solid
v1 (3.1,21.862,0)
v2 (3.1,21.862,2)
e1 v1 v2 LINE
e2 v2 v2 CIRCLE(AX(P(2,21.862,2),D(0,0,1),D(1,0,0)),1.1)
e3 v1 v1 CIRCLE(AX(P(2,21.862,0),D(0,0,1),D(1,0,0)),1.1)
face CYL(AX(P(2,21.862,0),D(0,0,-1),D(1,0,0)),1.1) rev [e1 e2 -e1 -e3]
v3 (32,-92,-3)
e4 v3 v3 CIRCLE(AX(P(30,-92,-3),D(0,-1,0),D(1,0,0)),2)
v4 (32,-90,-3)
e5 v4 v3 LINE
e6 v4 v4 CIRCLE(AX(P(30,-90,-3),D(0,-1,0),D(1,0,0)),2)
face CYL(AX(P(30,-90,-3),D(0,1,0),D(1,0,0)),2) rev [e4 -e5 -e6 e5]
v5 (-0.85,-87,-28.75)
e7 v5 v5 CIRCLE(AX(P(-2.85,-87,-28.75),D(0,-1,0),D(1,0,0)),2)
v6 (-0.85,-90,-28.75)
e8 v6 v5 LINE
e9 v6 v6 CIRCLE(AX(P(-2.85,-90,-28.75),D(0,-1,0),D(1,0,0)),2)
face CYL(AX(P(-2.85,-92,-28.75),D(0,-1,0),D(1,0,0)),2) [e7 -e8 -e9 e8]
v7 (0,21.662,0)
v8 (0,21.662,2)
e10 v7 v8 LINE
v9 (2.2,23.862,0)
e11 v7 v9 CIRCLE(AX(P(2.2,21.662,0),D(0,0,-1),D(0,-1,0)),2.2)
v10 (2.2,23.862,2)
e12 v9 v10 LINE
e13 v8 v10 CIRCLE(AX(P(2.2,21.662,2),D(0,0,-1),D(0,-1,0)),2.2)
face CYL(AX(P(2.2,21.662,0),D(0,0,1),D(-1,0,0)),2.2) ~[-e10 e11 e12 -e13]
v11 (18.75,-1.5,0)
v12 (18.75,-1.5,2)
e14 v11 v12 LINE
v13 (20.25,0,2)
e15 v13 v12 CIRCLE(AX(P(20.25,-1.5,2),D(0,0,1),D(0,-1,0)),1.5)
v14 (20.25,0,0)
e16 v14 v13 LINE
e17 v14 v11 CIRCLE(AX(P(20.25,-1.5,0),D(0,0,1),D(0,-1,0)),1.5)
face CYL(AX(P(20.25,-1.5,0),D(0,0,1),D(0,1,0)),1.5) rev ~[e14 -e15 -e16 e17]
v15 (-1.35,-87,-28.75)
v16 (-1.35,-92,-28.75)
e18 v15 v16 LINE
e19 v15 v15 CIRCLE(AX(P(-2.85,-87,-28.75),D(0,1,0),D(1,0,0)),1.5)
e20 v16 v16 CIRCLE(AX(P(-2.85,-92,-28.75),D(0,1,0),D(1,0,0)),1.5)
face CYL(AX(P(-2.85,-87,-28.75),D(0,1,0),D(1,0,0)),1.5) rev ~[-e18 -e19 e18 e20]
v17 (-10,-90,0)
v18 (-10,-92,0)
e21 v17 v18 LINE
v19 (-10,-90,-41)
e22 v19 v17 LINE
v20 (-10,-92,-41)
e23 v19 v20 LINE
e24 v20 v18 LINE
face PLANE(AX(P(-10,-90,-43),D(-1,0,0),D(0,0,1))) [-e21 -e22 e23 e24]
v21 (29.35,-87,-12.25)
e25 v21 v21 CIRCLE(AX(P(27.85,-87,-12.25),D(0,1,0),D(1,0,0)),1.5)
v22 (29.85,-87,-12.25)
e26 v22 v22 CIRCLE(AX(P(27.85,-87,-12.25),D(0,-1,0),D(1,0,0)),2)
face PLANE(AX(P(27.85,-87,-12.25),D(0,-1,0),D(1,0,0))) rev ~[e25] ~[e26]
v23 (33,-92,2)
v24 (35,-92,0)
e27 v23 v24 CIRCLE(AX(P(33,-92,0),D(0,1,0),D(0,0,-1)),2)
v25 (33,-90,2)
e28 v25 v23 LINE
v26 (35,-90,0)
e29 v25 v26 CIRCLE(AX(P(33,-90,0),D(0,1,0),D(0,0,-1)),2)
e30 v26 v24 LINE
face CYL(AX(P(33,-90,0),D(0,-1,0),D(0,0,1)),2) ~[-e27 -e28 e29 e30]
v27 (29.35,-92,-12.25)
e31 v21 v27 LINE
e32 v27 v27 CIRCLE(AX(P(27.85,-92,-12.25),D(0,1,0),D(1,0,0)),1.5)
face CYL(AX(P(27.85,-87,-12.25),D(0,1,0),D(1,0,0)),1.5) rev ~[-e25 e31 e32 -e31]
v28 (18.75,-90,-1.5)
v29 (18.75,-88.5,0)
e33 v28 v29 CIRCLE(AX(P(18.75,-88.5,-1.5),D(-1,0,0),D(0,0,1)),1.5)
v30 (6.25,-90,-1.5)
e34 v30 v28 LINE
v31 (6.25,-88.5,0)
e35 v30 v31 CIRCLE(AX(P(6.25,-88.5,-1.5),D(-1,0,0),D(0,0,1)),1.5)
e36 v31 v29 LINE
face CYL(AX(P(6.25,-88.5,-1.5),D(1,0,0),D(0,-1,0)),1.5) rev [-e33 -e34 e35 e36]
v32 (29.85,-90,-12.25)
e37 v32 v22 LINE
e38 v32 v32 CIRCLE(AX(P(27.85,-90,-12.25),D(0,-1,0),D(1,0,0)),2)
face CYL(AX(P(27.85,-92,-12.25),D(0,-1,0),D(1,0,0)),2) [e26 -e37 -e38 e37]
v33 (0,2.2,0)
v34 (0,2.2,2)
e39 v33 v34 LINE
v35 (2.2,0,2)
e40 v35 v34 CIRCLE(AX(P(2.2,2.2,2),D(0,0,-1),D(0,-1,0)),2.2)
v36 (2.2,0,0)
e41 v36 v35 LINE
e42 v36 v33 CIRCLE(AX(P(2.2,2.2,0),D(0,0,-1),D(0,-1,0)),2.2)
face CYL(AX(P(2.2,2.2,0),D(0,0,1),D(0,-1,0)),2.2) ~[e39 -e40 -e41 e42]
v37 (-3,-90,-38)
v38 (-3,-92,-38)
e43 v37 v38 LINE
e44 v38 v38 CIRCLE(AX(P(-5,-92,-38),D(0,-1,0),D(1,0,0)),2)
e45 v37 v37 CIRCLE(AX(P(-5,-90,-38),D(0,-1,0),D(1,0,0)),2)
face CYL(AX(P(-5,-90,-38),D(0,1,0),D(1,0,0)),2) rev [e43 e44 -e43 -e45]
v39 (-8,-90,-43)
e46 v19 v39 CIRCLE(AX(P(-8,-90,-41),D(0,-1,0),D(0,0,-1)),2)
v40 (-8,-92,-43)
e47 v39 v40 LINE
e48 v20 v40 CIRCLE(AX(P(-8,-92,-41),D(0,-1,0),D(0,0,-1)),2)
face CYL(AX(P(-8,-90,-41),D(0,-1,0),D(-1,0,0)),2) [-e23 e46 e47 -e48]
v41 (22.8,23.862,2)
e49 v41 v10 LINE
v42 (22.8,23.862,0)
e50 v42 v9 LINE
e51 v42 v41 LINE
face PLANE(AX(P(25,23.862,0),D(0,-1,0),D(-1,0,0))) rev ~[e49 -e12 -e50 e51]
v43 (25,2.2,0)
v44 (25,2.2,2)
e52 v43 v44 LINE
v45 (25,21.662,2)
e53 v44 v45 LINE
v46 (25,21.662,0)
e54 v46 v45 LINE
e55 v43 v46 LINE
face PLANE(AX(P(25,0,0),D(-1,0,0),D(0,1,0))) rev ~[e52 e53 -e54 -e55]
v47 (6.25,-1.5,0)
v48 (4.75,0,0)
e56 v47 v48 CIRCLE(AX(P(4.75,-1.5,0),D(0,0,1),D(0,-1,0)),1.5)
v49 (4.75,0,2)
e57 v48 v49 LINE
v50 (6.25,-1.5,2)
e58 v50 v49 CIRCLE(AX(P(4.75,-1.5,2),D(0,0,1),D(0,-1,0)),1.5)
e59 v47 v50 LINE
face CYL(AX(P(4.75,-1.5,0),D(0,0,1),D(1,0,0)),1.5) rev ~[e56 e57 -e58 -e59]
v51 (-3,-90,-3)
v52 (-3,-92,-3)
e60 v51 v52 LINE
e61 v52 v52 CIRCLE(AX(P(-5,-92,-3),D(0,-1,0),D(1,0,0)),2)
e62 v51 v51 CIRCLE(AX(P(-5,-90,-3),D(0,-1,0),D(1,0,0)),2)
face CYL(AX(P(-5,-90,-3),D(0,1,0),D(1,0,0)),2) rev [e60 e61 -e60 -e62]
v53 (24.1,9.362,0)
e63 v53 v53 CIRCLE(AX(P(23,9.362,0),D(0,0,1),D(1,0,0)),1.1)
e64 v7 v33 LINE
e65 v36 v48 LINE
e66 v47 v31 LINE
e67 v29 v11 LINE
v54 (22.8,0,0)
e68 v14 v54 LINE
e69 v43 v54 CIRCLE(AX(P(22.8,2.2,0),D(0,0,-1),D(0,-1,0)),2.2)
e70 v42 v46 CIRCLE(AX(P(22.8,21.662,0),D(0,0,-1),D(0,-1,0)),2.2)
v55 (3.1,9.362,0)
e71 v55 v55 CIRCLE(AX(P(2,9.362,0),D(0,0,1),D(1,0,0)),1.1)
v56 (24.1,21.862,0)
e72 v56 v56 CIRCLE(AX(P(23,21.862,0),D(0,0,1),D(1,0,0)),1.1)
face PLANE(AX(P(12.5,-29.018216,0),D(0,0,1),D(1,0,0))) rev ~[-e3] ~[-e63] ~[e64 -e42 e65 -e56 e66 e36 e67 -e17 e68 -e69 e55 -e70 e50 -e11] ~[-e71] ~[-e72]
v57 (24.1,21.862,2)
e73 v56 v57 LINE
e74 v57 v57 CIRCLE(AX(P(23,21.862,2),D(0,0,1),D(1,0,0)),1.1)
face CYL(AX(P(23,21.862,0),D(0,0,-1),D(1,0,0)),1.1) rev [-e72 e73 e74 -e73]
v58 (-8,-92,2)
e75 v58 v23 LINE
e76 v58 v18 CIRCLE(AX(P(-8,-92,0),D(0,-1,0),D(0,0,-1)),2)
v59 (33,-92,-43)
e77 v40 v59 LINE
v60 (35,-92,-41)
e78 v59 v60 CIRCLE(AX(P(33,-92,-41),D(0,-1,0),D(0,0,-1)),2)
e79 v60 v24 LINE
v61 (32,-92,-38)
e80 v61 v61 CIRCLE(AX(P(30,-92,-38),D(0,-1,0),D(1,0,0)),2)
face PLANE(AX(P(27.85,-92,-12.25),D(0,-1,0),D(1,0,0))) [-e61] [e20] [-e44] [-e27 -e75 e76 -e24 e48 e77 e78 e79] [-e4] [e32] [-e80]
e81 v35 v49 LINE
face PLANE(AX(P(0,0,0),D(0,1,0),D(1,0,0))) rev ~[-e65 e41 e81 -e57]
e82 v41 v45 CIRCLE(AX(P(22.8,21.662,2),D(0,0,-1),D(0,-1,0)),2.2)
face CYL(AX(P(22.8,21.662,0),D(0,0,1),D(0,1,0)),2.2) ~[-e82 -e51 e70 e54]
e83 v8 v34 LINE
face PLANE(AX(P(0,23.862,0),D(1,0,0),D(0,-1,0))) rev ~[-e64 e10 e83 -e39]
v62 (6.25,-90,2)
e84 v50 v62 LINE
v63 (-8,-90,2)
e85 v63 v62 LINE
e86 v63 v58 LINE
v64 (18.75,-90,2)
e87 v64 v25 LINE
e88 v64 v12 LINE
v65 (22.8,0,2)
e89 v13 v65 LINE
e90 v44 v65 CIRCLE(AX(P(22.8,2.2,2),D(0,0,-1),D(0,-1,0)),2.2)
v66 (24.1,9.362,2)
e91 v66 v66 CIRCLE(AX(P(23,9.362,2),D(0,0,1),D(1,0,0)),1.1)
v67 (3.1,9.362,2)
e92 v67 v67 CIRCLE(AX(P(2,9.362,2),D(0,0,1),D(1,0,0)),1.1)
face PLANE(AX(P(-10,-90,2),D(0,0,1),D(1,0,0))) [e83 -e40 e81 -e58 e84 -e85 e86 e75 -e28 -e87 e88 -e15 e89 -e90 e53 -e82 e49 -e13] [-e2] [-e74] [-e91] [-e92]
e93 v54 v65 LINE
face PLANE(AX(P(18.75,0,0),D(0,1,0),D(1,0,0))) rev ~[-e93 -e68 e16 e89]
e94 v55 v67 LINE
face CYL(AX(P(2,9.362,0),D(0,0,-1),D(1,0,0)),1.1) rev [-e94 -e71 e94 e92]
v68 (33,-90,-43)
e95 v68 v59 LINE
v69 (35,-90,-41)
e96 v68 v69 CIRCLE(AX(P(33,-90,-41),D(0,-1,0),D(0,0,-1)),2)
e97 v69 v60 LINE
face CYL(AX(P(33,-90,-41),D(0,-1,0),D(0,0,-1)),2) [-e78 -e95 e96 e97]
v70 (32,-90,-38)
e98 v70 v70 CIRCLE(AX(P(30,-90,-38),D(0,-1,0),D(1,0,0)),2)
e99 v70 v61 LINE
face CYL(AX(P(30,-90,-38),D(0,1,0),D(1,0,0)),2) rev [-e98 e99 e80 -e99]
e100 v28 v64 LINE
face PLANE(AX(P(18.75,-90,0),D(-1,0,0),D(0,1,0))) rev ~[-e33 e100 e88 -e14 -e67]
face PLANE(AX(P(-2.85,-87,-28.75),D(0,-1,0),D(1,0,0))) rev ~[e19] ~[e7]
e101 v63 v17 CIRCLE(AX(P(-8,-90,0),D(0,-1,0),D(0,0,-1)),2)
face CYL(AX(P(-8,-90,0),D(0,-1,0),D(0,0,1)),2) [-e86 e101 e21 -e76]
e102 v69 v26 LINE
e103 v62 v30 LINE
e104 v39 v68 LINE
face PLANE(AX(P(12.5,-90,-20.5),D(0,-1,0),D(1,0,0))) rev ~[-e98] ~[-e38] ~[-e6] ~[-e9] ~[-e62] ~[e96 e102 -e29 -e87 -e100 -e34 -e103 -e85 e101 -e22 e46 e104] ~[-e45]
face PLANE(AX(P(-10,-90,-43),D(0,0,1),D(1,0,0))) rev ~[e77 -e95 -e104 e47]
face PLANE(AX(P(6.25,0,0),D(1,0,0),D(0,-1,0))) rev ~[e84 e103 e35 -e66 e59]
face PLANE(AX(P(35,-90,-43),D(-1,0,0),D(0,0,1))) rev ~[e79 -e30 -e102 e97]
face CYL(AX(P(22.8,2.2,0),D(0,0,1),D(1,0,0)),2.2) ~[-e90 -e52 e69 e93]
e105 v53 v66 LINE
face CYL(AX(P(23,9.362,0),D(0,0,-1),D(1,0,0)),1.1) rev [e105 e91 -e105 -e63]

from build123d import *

# Parameters (mm, degrees)
SKETCH1_R           = 1.1
BOSS_EXTRUDE1_DEPTH = 2
FILLET1_R           = 2.2
FILLET2_R           = 2.2
FILLET3_R           = 2.2
FILLET5_R           = 2.2
FILLET6_R           = 1.5
FILLET7_R           = 1.5
SKETCH5_W           = 45
SKETCH5_H           = 45
SKETCH5_R           = 2
BOSS_EXTRUDE4_DEPTH = 2
FILLET17_R          = 2
FILLET18_R          = 2
FILLET19_R          = 2
FILLET20_R          = 2
FILLET21_R          = 1.5
SKETCH7_R           = 2
BOSS_EXTRUDE8_DEPTH = 5
SKETCH10_R          = 1.5
CUT_EXTRUDE4_DEPTH  = 6


with BuildPart() as part:
    # Sketch1 → Boss-Extrude1 (new body)
    with BuildSketch(Plane.XY):
        Polygon((6.25, 0), (6.25, -90), (18.75, -90), (18.75, 0), (25, 0), (25, 23.862), (0, 23.862), (0, 0), align=None)
        with Locations((2, 21.862)):
            Circle(SKETCH1_R, mode=Mode.SUBTRACT)
        with Locations((23, 21.862)):
            Circle(SKETCH1_R, mode=Mode.SUBTRACT)
        with Locations((2, 9.362)):
            Circle(SKETCH1_R, mode=Mode.SUBTRACT)
        with Locations((23, 9.362)):
            Circle(SKETCH1_R, mode=Mode.SUBTRACT)
    extrude(amount=BOSS_EXTRUDE1_DEPTH)

    # Fillet1
    fillet1_edges = [part.edges().sort_by_distance(p)[0] for p in [
        (0, 0, 1),
    ]]
    fillet(fillet1_edges, radius=FILLET1_R)

    # Fillet2
    fillet2_edges = [part.edges().sort_by_distance(p)[0] for p in [
        (0, 23.862, 1),
    ]]
    fillet(fillet2_edges, radius=FILLET2_R)

    # Fillet3
    fillet3_edges = [part.edges().sort_by_distance(p)[0] for p in [
        (25, 23.862, 1),
    ]]
    fillet(fillet3_edges, radius=FILLET3_R)

    # Fillet5
    fillet5_edges = [part.edges().sort_by_distance(p)[0] for p in [
        (25, 0, 1),
    ]]
    fillet(fillet5_edges, radius=FILLET5_R)

    # Fillet6
    fillet6_edges = [part.edges().sort_by_distance(p)[0] for p in [
        (18.75, 0, 1),
    ]]
    fillet(fillet6_edges, radius=FILLET6_R)

    # Fillet7
    fillet7_edges = [part.edges().sort_by_distance(p)[0] for p in [
        (6.25, 0, 1),
    ]]
    fillet(fillet7_edges, radius=FILLET7_R)

    # Sketch5 → Boss-Extrude4 (add)
    with BuildSketch(Plane.XZ.offset(90)):
        with Locations((12.5, -20.5)):
            Rectangle(SKETCH5_W, SKETCH5_H)
        with Locations((-5, -3)):
            Circle(SKETCH5_R, mode=Mode.SUBTRACT)
        with Locations((-5, -38)):
            Circle(SKETCH5_R, mode=Mode.SUBTRACT)
        with Locations((30, -3)):
            Circle(SKETCH5_R, mode=Mode.SUBTRACT)
        with Locations((30, -38)):
            Circle(SKETCH5_R, mode=Mode.SUBTRACT)
    extrude(amount=BOSS_EXTRUDE4_DEPTH)

    # Fillet17
    fillet17_edges = [part.edges().sort_by_distance(p)[0] for p in [
        (35, -91, 2),
    ]]
    fillet(fillet17_edges, radius=FILLET17_R)

    # Fillet18
    fillet18_edges = [part.edges().sort_by_distance(p)[0] for p in [
        (-10, -91, 2),
    ]]
    fillet(fillet18_edges, radius=FILLET18_R)

    # Fillet19
    fillet19_edges = [part.edges().sort_by_distance(p)[0] for p in [
        (-10, -91, -43),
    ]]
    fillet(fillet19_edges, radius=FILLET19_R)

    # Fillet20
    fillet20_edges = [part.edges().sort_by_distance(p)[0] for p in [
        (35, -91, -43),
    ]]
    fillet(fillet20_edges, radius=FILLET20_R)

    # Fillet21
    fillet21_edges = [part.edges().sort_by_distance(p)[0] for p in [
        (12.5, -90, 0),
    ]]
    fillet(fillet21_edges, radius=FILLET21_R)

    # Sketch7 → Boss-Extrude8 (add)
    with BuildSketch(Plane.XZ.offset(92)):
        with Locations((27.85, -12.25)):
            Circle(SKETCH7_R)
        with Locations((-2.85, -28.75)):
            Circle(SKETCH7_R)
    extrude(amount=-BOSS_EXTRUDE8_DEPTH)

    # Sketch10 → Cut-Extrude4 (cut, through all)
    with BuildSketch(Plane(origin=(0, -87, 0), x_dir=(1, 0, 0), z_dir=(0, 1, 0))):
        with Locations((27.85, 12.25)):
            Circle(SKETCH10_R)
        with Locations((-2.85, 28.75)):
            Circle(SKETCH10_R)
    extrude(amount=-CUT_EXTRUDE4_DEPTH, mode=Mode.SUBTRACT)


solid = part.part
